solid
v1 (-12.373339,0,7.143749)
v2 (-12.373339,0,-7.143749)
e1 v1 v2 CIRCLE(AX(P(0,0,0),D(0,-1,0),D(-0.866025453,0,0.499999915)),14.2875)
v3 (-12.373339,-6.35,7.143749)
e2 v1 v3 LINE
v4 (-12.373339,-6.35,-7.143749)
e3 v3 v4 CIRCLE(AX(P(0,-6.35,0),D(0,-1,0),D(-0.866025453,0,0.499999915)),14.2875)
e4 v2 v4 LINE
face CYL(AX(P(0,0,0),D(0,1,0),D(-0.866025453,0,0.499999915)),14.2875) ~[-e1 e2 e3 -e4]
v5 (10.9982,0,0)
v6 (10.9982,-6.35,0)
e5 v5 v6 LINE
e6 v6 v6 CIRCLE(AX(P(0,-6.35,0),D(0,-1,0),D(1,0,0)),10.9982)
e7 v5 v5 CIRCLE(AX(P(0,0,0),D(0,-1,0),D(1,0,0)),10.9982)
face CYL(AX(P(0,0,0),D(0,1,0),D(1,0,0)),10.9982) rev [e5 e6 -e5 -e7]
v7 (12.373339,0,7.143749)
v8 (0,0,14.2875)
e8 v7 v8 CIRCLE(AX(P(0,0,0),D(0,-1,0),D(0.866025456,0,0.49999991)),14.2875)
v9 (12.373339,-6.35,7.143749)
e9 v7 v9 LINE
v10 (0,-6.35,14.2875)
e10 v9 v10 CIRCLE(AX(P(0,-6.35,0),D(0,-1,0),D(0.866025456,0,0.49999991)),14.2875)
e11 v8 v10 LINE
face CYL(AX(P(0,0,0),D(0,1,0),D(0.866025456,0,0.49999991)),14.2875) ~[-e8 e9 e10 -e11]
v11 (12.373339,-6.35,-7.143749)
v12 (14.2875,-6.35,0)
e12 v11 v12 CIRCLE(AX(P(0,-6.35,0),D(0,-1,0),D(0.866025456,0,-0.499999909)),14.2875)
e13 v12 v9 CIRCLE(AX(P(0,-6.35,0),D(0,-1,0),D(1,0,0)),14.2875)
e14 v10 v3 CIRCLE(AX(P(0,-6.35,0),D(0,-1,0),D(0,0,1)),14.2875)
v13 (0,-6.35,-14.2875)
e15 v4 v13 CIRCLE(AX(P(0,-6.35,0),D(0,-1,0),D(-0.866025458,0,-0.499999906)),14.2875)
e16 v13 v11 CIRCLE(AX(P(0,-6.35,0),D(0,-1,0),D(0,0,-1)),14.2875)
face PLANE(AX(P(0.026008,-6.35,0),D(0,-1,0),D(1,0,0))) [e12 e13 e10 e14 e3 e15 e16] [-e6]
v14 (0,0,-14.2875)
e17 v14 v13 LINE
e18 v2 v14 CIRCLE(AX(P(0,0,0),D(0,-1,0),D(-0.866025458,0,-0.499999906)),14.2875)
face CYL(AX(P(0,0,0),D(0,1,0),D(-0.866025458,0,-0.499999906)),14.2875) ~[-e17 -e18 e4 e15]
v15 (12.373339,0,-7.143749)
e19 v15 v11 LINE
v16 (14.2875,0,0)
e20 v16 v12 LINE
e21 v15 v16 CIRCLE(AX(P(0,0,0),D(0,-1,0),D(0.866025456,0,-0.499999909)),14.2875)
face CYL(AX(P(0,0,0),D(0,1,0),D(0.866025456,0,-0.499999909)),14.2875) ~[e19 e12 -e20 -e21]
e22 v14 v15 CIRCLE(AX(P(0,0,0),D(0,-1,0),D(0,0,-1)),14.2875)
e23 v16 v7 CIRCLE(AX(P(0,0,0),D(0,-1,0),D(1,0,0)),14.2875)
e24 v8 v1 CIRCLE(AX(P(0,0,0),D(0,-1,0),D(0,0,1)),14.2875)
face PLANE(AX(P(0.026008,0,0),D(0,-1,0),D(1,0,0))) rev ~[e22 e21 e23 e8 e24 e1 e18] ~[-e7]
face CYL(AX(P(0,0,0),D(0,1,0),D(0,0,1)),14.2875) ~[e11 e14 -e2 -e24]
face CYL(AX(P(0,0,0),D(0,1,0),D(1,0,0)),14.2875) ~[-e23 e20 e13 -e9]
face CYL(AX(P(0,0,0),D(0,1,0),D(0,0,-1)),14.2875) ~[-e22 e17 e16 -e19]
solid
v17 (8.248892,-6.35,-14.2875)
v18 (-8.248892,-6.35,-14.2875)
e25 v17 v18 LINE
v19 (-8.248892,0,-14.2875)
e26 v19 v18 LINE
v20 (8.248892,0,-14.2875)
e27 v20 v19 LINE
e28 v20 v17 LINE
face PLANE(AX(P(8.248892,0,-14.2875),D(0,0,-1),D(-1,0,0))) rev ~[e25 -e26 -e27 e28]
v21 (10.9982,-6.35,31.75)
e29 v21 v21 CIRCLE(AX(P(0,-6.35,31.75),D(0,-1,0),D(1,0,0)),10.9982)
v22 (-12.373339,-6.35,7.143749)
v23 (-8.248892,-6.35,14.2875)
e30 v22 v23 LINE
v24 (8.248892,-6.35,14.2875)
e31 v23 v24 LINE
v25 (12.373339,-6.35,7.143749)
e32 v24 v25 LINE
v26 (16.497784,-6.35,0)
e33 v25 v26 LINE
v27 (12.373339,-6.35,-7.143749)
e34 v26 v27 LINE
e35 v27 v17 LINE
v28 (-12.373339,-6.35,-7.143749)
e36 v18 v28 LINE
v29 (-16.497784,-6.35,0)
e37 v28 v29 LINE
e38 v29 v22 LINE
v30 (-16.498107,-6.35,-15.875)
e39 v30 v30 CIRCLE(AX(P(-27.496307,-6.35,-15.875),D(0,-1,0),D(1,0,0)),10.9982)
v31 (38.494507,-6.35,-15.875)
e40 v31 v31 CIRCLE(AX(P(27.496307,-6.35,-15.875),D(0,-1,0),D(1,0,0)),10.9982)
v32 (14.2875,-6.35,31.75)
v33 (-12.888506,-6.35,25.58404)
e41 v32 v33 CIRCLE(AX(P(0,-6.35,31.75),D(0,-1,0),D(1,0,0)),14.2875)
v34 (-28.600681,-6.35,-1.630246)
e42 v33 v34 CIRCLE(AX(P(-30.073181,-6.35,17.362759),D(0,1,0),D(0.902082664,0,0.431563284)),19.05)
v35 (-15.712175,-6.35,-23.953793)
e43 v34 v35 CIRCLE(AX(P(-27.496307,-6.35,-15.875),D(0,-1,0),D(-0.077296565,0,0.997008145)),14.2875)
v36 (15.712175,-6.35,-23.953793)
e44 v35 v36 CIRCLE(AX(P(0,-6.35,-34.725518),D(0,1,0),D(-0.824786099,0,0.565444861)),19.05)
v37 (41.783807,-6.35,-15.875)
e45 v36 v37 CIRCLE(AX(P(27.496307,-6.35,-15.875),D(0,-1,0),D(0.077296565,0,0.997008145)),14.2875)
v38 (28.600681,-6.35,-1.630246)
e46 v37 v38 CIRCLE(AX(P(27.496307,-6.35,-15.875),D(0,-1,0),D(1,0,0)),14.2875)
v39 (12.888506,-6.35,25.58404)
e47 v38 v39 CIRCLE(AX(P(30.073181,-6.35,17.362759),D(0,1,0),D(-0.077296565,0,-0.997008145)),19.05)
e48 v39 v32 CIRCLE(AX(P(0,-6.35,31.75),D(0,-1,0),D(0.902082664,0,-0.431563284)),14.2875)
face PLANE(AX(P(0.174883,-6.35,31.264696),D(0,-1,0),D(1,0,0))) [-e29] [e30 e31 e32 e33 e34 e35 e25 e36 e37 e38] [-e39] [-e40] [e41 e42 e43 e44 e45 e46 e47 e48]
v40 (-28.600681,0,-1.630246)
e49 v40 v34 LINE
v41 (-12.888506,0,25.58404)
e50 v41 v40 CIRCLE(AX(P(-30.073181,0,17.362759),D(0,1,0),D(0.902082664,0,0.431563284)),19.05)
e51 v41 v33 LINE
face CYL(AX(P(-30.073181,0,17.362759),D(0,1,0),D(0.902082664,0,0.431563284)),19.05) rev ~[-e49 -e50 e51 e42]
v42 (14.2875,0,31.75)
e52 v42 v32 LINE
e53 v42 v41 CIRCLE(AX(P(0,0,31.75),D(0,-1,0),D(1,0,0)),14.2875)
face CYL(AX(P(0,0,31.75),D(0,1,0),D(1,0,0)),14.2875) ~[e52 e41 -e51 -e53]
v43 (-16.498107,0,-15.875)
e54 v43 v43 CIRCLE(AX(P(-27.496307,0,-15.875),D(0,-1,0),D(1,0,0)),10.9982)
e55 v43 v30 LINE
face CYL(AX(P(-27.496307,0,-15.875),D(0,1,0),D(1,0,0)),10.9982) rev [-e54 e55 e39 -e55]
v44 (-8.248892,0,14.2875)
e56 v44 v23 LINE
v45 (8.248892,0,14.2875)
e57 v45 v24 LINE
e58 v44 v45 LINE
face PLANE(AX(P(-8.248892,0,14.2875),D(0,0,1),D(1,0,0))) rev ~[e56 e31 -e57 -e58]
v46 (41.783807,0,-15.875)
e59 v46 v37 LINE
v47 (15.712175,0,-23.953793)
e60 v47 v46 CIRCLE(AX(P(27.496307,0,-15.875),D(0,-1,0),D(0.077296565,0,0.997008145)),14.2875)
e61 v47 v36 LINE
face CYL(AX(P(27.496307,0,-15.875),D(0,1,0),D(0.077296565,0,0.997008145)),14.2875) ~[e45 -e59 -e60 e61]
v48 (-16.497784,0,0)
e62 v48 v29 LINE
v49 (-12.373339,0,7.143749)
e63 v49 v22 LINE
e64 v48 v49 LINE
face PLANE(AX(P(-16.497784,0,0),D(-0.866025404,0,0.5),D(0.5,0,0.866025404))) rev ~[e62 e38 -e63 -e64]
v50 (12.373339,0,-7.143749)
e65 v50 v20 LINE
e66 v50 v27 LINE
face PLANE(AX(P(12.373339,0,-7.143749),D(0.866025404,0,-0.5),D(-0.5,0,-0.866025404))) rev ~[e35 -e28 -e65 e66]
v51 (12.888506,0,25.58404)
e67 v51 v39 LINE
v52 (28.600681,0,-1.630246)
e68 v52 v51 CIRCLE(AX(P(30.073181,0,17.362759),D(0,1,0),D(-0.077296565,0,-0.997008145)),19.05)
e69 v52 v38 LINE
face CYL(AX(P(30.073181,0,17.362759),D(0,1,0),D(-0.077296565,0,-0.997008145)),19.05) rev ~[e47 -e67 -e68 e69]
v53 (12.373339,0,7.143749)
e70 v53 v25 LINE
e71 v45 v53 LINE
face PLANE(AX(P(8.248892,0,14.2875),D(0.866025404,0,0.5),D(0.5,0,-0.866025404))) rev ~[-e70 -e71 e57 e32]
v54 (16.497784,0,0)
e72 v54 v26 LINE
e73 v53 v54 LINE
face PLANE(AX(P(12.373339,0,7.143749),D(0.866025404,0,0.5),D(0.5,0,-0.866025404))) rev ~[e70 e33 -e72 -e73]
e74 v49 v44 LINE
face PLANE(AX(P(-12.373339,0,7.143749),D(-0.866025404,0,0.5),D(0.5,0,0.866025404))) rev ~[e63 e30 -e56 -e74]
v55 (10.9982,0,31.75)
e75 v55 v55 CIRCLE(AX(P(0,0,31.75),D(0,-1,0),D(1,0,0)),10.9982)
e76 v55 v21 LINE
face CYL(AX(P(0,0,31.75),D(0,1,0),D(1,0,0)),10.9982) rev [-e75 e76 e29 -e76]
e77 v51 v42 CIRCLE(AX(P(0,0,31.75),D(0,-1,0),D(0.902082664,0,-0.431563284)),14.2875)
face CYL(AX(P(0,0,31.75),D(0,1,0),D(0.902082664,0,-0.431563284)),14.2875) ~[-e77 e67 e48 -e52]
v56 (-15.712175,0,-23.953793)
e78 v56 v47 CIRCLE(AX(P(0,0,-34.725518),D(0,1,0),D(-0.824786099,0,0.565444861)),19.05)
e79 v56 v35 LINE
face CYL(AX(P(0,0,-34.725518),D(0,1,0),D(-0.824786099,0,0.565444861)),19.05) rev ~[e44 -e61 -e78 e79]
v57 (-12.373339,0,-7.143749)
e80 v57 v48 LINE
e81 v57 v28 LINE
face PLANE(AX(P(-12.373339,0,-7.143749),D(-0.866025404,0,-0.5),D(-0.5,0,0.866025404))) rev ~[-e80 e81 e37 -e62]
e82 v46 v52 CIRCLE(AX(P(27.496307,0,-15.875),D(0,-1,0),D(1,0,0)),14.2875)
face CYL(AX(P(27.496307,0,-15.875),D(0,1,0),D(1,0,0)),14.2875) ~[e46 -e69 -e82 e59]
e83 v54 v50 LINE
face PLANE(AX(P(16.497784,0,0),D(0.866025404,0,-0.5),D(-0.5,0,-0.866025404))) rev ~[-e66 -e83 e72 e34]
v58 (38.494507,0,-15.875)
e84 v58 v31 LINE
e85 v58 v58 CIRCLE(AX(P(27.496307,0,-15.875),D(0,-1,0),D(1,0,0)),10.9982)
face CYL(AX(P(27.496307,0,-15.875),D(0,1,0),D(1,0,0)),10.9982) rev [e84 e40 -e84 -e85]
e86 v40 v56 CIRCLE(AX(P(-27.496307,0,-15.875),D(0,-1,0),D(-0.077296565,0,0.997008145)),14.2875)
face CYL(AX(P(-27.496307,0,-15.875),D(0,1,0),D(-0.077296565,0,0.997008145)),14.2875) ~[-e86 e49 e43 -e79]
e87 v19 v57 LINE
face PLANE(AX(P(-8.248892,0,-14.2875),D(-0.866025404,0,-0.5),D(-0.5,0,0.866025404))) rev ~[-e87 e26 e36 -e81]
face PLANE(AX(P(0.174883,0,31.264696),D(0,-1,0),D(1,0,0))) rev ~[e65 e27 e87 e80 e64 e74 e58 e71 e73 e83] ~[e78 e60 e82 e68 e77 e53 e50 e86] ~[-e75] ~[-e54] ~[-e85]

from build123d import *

# Parameters (mm, degrees)
F0_R     = 10.9982
F1_DEPTH = 6.35


with BuildPart() as f1:
    # F0 (on Front) → F1 (new body)
    with BuildSketch(Plane.XZ):
        with BuildLine():
            ThreePointArc((12.8885060581, 25.584039585), (13.9333625977, 28.5886612057), (14.2875, 31.75))
            ThreePointArc((14.2875, 31.75), (-3.1613387943, 45.6833625977), (-12.8885060581, 25.584039585))
            ThreePointArc((-12.8885060581, 25.584039585), (0, 17.4625), (12.8885060581, 25.584039585))
        make_face()
        with Locations((0, 31.75)):
            Circle(F0_R, mode=Mode.SUBTRACT)
        with BuildLine():
            ThreePointArc((-13.2088065702, -15.875), (-17.7918255655, -5.3890234274), (-28.6006812411, -1.6302461293))
            ThreePointArc((-28.6006812411, -1.6302461293), (-39.8696445267, -23.01875), (-15.7121751829, -23.9537934556))
            ThreePointArc((-15.7121751829, -23.9537934556), (-13.8489912033, -20.103881593), (-13.2088065702, -15.875))
        make_face()
        with Locations((-27.4963065702, -15.875)):
            Circle(F0_R, mode=Mode.SUBTRACT)
        with BuildLine():
            ThreePointArc((41.7838065702, -15.875), (37.9822831427, -6.1705189953), (28.6006812411, -1.6302461293))
            ThreePointArc((28.6006812411, -1.6302461293), (15.1229686136, -8.73125), (15.7121751829, -23.9537934556))
            ThreePointArc((15.7121751829, -23.9537934556), (31.7251881632, -29.5223153669), (41.7838065702, -15.875))
        make_face()
        with Locations((27.4963065702, -15.875)):
            Circle(F0_R, mode=Mode.SUBTRACT)
        with BuildLine():
            ThreePointArc((12.8885060581, 25.584039585), (0, 17.4625), (-12.8885060581, 25.584039585))
            ThreePointArc((-12.8885060581, 25.584039585), (-13.5753968602, 7.8377590316), (-28.6006812411, -1.6302461293))
            ThreePointArc((-28.6006812411, -1.6302461293), (-17.7918255655, -5.3890234274), (-13.2088065702, -15.875))
            ThreePointArc((-13.2088065702, -15.875), (-13.8489912033, -20.103881593), (-15.7121751829, -23.9537934556))
            ThreePointArc((-15.7121751829, -23.9537934556), (0, -15.6755180632), (15.7121751829, -23.9537934556))
            ThreePointArc((15.7121751829, -23.9537934556), (15.1229686136, -8.73125), (28.6006812411, -1.6302461293))
            ThreePointArc((28.6006812411, -1.6302461293), (13.5753968602, 7.8377590316), (12.8885060581, 25.584039585))
        make_face()
        Polygon((8.248891971, 14.2875), (12.373338701, 7.1437487107), (16.4977839421, 0), (12.3733387096, -7.1437486957), (8.248891971, -14.2875), (0, -14.2875), (-8.248891971, -14.2875), (-12.3733387316, -7.1437486575), (-16.4977839421, 0), (-12.3733386579, 7.1437487852), (-8.248891971, 14.2875), (0, 14.2875), align=None, mode=Mode.SUBTRACT)
    extrude(amount=F1_DEPTH)


with BuildPart() as f1b:
    # F0 (on Front) → F1, piece 2 (new body)
    with BuildSketch(Plane.XZ):
        with BuildLine():
            ThreePointArc((12.3733387096, -7.1437486957), (13.800665438, -3.6978763795), (14.2875, 0))
            ThreePointArc((14.2875, 0), (13.8006654358, 3.6978763879), (12.373338701, 7.1437487107))
            ThreePointArc((12.373338701, 7.1437487107), (7.1437506447, 12.3733375844), (0, 14.2875))
            ThreePointArc((0, 14.2875), (-7.1437506074, 12.3733376059), (-12.3733386579, 7.1437487852))
            ThreePointArc((-12.3733386579, 7.1437487852), (-14.2875, 7.37e-08), (-12.3733387316, -7.1437486575))
            ThreePointArc((-12.3733387316, -7.1437486575), (-7.1437506712, -12.373337569), (0, -14.2875))
            ThreePointArc((0, -14.2875), (7.1437506521, -12.3733375801), (12.3733387096, -7.1437486957))
        make_face()
        Circle(F0_R, mode=Mode.SUBTRACT)
    extrude(amount=F1_DEPTH)


solid = Compound([f1.part, f1b.part])
